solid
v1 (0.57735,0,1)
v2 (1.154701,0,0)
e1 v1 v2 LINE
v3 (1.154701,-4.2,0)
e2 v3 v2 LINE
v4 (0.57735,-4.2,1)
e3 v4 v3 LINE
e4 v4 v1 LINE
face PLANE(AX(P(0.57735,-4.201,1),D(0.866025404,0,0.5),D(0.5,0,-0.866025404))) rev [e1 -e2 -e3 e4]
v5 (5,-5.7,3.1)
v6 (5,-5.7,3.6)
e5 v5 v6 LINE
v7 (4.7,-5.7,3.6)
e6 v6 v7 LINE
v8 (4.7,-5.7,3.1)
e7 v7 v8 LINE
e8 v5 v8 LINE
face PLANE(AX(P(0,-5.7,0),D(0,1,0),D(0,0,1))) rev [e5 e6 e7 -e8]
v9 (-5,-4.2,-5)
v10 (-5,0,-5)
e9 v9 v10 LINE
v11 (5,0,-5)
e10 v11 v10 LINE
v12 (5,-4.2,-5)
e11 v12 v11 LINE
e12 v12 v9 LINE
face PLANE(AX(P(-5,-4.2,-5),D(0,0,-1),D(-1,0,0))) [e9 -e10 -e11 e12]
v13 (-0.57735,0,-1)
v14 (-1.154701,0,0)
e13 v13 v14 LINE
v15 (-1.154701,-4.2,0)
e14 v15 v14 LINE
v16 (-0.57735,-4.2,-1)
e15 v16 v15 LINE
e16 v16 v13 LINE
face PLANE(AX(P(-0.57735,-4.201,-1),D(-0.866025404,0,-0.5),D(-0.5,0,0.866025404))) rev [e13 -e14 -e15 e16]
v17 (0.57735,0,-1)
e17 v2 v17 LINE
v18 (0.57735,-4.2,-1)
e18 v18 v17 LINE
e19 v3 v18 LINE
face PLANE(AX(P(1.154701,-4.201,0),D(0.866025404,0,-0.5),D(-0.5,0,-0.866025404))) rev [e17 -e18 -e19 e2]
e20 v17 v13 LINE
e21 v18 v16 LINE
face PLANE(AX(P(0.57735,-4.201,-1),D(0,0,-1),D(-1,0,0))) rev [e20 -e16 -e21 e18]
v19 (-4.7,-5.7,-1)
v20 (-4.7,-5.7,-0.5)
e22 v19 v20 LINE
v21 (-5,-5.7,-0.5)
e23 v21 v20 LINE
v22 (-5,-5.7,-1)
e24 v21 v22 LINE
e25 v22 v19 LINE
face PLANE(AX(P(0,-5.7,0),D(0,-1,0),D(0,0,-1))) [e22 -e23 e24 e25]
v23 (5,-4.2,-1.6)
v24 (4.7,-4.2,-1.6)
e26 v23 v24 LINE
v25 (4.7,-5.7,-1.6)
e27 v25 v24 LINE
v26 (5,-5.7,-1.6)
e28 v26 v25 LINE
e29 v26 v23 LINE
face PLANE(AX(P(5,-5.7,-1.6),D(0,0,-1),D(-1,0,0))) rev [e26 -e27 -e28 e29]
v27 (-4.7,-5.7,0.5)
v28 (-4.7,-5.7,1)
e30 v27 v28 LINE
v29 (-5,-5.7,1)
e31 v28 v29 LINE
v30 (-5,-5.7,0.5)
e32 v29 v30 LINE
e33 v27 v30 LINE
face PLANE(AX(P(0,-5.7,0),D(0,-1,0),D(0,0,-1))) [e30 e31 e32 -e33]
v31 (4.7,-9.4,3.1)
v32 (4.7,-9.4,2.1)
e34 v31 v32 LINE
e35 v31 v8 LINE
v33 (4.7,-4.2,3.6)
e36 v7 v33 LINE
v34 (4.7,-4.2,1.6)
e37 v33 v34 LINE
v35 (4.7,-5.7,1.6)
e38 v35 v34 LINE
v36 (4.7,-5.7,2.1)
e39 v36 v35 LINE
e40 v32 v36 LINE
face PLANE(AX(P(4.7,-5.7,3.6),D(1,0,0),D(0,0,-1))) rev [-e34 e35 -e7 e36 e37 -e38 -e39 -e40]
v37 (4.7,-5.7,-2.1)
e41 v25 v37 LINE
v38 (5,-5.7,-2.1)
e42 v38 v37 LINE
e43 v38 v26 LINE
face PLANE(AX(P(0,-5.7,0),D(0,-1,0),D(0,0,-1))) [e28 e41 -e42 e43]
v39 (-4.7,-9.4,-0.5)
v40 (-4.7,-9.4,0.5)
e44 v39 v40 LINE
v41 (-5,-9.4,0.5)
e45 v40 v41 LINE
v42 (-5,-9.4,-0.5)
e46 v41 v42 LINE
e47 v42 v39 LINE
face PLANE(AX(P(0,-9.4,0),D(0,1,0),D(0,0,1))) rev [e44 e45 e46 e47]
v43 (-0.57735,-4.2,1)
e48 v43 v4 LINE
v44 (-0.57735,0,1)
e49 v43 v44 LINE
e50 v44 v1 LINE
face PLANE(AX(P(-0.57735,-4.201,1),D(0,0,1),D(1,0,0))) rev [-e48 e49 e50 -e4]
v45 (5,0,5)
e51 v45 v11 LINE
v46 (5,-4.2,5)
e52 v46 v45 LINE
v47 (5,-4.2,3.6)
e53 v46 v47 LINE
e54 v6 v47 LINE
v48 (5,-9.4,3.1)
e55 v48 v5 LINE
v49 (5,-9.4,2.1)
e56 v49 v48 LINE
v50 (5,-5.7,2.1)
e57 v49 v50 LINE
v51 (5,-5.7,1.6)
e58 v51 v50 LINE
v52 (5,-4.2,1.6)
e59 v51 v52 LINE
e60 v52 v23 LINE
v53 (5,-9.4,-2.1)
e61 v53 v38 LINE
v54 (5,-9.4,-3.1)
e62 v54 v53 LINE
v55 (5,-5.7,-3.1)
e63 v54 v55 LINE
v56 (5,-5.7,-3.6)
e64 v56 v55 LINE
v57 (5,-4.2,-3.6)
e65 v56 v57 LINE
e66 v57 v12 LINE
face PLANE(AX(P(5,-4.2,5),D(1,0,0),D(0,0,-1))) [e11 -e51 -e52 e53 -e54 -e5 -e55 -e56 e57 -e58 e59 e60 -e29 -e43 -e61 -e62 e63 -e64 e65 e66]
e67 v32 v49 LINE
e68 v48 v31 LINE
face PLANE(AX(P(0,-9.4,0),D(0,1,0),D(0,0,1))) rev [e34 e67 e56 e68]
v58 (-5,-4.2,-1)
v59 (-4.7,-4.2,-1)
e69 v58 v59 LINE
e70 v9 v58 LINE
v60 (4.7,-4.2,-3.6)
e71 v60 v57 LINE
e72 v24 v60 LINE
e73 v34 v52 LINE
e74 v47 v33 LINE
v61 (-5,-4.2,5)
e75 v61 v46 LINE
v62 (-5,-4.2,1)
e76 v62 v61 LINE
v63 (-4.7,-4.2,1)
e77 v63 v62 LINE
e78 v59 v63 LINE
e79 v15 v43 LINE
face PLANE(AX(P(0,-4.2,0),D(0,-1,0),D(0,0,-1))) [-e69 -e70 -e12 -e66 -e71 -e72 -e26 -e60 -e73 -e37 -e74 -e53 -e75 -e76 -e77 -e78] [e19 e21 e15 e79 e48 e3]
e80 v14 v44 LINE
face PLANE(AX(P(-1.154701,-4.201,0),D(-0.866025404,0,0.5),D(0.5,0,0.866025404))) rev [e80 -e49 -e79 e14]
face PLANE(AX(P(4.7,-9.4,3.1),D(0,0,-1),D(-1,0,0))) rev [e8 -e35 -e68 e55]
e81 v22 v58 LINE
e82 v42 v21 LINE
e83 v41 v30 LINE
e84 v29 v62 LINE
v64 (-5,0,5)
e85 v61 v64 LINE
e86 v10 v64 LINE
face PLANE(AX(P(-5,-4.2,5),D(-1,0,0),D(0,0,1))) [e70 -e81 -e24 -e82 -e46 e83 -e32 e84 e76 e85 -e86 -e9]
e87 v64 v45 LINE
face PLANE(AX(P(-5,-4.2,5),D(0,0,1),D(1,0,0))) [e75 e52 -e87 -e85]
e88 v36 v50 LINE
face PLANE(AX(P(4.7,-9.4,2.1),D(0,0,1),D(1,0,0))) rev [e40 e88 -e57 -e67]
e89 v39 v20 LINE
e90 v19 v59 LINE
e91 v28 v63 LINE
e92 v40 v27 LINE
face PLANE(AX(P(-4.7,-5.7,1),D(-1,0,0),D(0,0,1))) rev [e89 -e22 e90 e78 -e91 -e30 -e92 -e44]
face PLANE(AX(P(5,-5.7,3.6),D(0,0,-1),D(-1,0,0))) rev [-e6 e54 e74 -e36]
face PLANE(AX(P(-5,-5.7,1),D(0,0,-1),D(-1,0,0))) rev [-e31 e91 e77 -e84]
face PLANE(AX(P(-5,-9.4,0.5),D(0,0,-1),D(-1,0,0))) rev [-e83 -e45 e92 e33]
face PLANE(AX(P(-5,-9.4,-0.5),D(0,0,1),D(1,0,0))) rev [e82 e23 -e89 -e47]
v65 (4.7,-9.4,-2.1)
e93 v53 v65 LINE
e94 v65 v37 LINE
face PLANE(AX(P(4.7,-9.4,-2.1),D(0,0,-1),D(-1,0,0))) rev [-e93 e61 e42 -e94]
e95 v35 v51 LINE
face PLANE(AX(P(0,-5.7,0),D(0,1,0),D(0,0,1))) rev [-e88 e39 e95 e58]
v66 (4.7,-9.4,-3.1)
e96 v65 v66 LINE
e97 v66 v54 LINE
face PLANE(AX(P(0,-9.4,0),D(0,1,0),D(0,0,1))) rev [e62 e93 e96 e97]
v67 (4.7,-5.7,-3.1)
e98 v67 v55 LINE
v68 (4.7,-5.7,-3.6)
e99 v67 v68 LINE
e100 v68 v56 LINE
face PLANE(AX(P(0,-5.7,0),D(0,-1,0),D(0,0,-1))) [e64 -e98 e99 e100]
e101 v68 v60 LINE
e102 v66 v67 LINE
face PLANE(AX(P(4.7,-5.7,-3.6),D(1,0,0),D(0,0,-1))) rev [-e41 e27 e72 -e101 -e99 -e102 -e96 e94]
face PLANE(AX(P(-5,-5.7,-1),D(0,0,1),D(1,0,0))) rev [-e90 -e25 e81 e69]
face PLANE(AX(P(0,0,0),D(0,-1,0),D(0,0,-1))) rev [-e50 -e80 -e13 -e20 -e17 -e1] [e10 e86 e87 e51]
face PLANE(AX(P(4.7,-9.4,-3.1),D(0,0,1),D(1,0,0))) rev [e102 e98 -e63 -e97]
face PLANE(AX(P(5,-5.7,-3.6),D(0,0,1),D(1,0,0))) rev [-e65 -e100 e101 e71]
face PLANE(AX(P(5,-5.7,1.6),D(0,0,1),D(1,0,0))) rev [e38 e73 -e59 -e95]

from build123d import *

# Parameters (mm, degrees)
SKETCH1_W           = 10
SKETCH1_H           = 10
BOSS_EXTRUDE1_DEPTH = 4.2
CUT_EXTRUDE1_REACH  = 10.224
SKETCH3_W           = 0.3
SKETCH3_H           = 2
BOSS_EXTRUDE2_DEPTH = 1.5
SKETCH4_W           = 0.3
SKETCH4_H           = 1
BOSS_EXTRUDE3_DEPTH = 3.7


with BuildPart() as part:
    # Sketch1 → Boss-Extrude1 (new body)
    with BuildSketch(Plane(origin=(0, 0, 0), x_dir=(1, 0, 0), z_dir=(0, 1, 0))):
        Rectangle(SKETCH1_W, SKETCH1_H)
    extrude(amount=-BOSS_EXTRUDE1_DEPTH)

    # Sketch2 → Cut-Extrude1 (cut, up to next)
    with BuildSketch(Plane(origin=(0, 0, 0), x_dir=(1, 0, 0), z_dir=(0, 1, 0)), mode=Mode.PRIVATE) as cut_extrude1_sk1:
        Polygon((1.154700538, 0), (0.577350269, 1), (-0.577350269, 1), (-1.154700538, 0), (-0.577350269, -1), (0.577350269, -1), align=None)
    cut_extrude1_tool1 = extrude(cut_extrude1_sk1.sketch, amount=-CUT_EXTRUDE1_REACH, mode=Mode.PRIVATE) & part.part
    add(cut_extrude1_tool1.solids().sort_by_distance((0, 0, 0))[0], mode=Mode.SUBTRACT)

    # Sketch3 → Boss-Extrude2 (add)
    with BuildSketch(Plane.XZ.offset(4.2)):
        with Locations((4.85, 2.6)):
            Rectangle(SKETCH3_W, SKETCH3_H)
        with Locations((4.85, -2.6)):
            Rectangle(SKETCH3_W, SKETCH3_H)
        with Locations((-4.85, 0)):
            Rectangle(SKETCH3_W, SKETCH3_H)
    extrude(amount=BOSS_EXTRUDE2_DEPTH)

    # Sketch4 → Boss-Extrude3 (add)
    with BuildSketch(Plane.XZ.offset(5.7)):
        with Locations((4.85, -2.6)):
            Rectangle(SKETCH4_W, SKETCH4_H)
        with Locations((-4.85, 0)):
            Rectangle(SKETCH4_W, SKETCH4_H)
        with Locations((4.85, 2.6)):
            Rectangle(SKETCH4_W, SKETCH4_H)
    extrude(amount=BOSS_EXTRUDE3_DEPTH)


solid = part.part
